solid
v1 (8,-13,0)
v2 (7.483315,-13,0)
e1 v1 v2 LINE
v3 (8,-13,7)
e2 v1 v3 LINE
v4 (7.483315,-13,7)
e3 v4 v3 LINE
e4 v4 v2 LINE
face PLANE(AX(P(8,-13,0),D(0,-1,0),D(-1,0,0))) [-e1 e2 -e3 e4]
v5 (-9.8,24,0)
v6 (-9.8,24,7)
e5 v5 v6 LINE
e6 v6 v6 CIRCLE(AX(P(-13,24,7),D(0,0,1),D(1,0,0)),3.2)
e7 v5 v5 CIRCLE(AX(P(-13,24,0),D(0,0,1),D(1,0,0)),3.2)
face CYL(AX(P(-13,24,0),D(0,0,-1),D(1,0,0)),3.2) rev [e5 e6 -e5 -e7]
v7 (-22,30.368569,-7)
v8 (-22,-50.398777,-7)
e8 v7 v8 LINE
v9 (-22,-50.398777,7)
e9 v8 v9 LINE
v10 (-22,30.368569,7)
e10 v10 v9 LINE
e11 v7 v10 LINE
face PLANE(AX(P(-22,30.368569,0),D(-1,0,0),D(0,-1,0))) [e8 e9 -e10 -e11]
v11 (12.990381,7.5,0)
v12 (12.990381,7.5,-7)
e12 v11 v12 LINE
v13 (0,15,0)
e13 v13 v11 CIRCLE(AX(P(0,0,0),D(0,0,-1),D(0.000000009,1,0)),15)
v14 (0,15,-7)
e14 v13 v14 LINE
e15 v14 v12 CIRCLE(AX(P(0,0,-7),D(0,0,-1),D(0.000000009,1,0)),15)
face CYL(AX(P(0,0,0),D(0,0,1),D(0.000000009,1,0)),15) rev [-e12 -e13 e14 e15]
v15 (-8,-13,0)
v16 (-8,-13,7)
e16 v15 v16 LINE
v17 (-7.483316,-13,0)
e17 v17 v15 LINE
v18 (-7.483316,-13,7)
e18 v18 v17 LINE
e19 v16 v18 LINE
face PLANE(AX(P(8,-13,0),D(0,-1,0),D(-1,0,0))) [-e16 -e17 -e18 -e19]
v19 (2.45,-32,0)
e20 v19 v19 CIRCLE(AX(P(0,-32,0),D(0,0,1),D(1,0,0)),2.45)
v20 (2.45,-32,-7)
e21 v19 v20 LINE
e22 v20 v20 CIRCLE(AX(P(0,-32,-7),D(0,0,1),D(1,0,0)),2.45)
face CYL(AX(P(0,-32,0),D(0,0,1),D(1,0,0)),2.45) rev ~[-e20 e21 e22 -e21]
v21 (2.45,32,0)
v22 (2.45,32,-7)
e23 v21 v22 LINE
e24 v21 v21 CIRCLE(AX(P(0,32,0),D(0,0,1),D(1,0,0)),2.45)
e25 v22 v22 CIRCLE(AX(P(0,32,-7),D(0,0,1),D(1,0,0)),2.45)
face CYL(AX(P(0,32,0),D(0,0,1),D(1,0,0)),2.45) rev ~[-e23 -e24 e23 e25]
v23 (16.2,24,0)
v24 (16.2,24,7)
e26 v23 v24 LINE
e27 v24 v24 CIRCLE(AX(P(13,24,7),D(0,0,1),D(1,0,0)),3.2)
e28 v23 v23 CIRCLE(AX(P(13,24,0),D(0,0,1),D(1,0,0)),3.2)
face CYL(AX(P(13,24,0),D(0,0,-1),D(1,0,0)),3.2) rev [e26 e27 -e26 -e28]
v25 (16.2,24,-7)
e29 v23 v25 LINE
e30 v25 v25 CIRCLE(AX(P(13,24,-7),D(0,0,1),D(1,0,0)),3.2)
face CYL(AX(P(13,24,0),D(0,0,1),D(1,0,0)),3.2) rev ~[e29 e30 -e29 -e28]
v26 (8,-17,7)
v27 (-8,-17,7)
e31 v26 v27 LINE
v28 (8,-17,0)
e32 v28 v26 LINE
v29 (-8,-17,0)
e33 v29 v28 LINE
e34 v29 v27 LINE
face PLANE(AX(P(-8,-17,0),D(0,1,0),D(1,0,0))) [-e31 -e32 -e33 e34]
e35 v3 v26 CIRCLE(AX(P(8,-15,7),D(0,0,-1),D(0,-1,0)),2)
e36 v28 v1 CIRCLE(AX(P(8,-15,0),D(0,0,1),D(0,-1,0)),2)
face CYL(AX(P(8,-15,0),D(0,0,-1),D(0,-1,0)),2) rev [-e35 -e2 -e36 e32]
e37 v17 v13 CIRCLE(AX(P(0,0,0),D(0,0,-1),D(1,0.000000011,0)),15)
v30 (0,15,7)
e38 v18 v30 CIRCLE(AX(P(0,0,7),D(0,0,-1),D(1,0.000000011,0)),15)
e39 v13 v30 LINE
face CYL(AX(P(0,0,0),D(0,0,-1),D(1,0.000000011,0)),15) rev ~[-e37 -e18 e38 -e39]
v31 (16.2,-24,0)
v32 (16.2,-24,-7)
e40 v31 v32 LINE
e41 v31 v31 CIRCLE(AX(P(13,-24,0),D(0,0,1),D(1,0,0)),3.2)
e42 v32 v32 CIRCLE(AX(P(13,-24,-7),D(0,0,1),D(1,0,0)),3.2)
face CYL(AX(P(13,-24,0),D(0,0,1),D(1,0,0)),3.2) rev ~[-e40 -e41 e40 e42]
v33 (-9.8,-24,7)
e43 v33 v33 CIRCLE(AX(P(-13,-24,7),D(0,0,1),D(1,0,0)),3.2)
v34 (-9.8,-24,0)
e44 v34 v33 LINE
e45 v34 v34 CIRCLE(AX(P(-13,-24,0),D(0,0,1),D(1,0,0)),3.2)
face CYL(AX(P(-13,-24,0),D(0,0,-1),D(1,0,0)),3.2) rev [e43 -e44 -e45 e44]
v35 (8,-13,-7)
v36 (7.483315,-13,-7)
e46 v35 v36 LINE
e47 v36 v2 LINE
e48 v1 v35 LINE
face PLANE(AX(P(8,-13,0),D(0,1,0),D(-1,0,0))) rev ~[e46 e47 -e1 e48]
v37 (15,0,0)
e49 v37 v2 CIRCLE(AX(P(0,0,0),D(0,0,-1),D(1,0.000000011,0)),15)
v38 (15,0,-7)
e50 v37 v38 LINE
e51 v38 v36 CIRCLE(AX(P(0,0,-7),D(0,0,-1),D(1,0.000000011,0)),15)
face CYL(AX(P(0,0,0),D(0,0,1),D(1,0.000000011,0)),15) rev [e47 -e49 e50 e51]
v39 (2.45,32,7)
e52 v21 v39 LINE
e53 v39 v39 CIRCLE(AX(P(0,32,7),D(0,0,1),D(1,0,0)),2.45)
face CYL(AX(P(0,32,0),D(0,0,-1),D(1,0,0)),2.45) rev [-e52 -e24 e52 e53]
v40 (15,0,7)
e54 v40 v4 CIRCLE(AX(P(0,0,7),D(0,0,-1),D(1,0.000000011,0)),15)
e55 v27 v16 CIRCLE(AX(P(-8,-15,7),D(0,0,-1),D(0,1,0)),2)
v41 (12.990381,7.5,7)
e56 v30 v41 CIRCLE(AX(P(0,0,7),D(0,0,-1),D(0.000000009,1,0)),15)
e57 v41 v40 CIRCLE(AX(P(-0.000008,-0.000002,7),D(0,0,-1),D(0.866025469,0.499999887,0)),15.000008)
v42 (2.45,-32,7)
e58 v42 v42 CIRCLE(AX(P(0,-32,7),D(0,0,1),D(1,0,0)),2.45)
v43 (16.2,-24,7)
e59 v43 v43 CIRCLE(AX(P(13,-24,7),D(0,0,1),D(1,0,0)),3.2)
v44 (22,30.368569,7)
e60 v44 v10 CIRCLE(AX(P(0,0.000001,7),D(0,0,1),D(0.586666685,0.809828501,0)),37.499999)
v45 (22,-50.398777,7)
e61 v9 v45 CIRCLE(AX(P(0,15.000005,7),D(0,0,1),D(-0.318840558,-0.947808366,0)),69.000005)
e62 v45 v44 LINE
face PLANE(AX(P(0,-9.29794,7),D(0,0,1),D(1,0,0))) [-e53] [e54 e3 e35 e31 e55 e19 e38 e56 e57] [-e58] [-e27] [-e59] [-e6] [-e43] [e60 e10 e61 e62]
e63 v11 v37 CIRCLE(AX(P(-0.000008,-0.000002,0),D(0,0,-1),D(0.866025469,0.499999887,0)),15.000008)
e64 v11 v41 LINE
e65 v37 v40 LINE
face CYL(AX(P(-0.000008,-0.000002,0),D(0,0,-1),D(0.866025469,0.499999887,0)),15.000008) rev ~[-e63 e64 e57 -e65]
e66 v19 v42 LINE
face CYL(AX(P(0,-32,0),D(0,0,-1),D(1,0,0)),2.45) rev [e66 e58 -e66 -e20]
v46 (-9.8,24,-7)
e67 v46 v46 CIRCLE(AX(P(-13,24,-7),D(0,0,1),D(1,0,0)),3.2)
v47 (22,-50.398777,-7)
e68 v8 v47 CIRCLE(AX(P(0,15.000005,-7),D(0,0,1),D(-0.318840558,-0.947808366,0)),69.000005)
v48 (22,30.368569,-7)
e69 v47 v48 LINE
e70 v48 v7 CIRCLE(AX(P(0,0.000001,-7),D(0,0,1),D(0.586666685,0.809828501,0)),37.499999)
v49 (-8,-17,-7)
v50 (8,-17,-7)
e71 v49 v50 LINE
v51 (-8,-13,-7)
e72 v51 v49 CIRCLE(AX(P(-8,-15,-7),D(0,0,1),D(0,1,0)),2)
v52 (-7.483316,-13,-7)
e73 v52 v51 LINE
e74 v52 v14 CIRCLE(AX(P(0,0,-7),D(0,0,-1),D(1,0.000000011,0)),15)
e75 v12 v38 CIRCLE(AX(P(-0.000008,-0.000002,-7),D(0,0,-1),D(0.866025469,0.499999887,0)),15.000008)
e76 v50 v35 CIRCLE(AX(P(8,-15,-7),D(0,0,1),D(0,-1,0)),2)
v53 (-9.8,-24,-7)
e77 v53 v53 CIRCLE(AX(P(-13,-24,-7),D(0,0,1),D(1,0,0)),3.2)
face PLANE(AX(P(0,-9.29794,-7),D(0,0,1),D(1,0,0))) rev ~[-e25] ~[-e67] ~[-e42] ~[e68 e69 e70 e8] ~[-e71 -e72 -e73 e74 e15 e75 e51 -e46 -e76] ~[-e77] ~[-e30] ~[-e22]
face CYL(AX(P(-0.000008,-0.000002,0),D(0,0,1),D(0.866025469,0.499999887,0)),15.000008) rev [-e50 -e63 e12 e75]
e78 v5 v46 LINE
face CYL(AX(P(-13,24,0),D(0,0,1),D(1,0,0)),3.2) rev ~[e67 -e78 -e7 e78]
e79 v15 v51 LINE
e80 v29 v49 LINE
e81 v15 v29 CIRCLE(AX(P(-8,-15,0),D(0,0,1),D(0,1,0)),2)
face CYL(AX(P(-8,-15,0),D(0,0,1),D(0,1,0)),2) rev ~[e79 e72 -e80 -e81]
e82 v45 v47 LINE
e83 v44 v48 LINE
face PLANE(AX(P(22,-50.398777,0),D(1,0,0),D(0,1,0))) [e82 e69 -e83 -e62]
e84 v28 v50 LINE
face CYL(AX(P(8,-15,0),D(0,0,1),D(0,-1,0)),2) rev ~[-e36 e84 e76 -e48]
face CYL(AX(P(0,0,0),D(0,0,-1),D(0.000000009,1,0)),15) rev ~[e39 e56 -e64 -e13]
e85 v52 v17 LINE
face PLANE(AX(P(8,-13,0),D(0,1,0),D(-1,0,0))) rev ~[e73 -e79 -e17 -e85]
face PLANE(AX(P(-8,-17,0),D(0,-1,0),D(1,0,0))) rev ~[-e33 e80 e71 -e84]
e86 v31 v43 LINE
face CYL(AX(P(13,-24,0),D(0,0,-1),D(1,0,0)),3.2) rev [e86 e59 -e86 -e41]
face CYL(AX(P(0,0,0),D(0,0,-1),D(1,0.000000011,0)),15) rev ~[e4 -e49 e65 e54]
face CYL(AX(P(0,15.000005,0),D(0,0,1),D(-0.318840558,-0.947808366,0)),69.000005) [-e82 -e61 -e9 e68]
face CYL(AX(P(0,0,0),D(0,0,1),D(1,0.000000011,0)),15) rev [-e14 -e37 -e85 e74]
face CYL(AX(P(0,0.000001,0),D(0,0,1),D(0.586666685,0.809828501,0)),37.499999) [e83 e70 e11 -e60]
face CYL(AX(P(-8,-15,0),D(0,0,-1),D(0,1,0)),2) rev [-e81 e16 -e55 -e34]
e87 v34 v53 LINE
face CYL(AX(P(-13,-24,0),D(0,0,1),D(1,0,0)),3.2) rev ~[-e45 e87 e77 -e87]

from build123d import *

# Parameters (mm, degrees)
F0_R          = 3.2
F0_R_2        = 2.45
F1_DEPTH      = 7
F1_DEPTH_BACK = 7
F3_DEPTH      = 25
F3_DEPTH_BACK = 25


with BuildPart() as f1:
    # F0 (on Top) → F1 (new body, two sides)
    with BuildSketch(Plane.XY) as f1_sk:
        with BuildLine():
            ThreePointArc((22, 30.368569), (0, 37.5), (-22, 30.368569))
            Line((-22, 30.368569), (-22, -50.398777))
            ThreePointArc((-22, -50.398777), (0, -54), (22, -50.398777))
            Line((22, -50.398777), (22, 2.298294))
            Line((22, 2.298294), (22, 30.368569))
        make_face()
        with Locations((-13, -24)):
            Circle(F0_R, mode=Mode.SUBTRACT)
        with Locations((0, -32)):
            Circle(F0_R_2, mode=Mode.SUBTRACT)
        with Locations((13, -24)):
            Circle(F0_R, mode=Mode.SUBTRACT)
        with Locations((-13, 24)):
            Circle(F0_R, mode=Mode.SUBTRACT)
        with BuildLine():
            ThreePointArc((0, 15), (7.5, 12.990381), (12.990381, 7.5))
            ThreePointArc((12.990381, 7.5), (14.488887, 3.882286), (15, 0))
            ThreePointArc((15, 0), (-10.606602, -10.606602), (0, 15))
        make_face(mode=Mode.SUBTRACT)
        with Locations((0, 32)):
            Circle(F0_R_2, mode=Mode.SUBTRACT)
        with Locations((13, 24)):
            Circle(F0_R, mode=Mode.SUBTRACT)
    extrude(amount=F1_DEPTH)
    extrude(f1_sk.sketch, amount=-F1_DEPTH_BACK)

    # F2 (on Top) → F3 (cut, two sides)
    with BuildSketch(Plane.XY) as f3_sk:
        with BuildLine():
            Line((0, -13), (-8, -13))
            ThreePointArc((-8, -13), (-10, -15), (-8, -17))
            Line((-8, -17), (0, -17))
            Line((0, -17), (8, -17))
            ThreePointArc((8, -17), (10, -15), (8, -13))
            Line((8, -13), (0, -13))
        make_face()
    extrude(amount=F3_DEPTH, mode=Mode.SUBTRACT)
    extrude(f3_sk.sketch, amount=-F3_DEPTH_BACK, mode=Mode.SUBTRACT)


solid = f1.part
